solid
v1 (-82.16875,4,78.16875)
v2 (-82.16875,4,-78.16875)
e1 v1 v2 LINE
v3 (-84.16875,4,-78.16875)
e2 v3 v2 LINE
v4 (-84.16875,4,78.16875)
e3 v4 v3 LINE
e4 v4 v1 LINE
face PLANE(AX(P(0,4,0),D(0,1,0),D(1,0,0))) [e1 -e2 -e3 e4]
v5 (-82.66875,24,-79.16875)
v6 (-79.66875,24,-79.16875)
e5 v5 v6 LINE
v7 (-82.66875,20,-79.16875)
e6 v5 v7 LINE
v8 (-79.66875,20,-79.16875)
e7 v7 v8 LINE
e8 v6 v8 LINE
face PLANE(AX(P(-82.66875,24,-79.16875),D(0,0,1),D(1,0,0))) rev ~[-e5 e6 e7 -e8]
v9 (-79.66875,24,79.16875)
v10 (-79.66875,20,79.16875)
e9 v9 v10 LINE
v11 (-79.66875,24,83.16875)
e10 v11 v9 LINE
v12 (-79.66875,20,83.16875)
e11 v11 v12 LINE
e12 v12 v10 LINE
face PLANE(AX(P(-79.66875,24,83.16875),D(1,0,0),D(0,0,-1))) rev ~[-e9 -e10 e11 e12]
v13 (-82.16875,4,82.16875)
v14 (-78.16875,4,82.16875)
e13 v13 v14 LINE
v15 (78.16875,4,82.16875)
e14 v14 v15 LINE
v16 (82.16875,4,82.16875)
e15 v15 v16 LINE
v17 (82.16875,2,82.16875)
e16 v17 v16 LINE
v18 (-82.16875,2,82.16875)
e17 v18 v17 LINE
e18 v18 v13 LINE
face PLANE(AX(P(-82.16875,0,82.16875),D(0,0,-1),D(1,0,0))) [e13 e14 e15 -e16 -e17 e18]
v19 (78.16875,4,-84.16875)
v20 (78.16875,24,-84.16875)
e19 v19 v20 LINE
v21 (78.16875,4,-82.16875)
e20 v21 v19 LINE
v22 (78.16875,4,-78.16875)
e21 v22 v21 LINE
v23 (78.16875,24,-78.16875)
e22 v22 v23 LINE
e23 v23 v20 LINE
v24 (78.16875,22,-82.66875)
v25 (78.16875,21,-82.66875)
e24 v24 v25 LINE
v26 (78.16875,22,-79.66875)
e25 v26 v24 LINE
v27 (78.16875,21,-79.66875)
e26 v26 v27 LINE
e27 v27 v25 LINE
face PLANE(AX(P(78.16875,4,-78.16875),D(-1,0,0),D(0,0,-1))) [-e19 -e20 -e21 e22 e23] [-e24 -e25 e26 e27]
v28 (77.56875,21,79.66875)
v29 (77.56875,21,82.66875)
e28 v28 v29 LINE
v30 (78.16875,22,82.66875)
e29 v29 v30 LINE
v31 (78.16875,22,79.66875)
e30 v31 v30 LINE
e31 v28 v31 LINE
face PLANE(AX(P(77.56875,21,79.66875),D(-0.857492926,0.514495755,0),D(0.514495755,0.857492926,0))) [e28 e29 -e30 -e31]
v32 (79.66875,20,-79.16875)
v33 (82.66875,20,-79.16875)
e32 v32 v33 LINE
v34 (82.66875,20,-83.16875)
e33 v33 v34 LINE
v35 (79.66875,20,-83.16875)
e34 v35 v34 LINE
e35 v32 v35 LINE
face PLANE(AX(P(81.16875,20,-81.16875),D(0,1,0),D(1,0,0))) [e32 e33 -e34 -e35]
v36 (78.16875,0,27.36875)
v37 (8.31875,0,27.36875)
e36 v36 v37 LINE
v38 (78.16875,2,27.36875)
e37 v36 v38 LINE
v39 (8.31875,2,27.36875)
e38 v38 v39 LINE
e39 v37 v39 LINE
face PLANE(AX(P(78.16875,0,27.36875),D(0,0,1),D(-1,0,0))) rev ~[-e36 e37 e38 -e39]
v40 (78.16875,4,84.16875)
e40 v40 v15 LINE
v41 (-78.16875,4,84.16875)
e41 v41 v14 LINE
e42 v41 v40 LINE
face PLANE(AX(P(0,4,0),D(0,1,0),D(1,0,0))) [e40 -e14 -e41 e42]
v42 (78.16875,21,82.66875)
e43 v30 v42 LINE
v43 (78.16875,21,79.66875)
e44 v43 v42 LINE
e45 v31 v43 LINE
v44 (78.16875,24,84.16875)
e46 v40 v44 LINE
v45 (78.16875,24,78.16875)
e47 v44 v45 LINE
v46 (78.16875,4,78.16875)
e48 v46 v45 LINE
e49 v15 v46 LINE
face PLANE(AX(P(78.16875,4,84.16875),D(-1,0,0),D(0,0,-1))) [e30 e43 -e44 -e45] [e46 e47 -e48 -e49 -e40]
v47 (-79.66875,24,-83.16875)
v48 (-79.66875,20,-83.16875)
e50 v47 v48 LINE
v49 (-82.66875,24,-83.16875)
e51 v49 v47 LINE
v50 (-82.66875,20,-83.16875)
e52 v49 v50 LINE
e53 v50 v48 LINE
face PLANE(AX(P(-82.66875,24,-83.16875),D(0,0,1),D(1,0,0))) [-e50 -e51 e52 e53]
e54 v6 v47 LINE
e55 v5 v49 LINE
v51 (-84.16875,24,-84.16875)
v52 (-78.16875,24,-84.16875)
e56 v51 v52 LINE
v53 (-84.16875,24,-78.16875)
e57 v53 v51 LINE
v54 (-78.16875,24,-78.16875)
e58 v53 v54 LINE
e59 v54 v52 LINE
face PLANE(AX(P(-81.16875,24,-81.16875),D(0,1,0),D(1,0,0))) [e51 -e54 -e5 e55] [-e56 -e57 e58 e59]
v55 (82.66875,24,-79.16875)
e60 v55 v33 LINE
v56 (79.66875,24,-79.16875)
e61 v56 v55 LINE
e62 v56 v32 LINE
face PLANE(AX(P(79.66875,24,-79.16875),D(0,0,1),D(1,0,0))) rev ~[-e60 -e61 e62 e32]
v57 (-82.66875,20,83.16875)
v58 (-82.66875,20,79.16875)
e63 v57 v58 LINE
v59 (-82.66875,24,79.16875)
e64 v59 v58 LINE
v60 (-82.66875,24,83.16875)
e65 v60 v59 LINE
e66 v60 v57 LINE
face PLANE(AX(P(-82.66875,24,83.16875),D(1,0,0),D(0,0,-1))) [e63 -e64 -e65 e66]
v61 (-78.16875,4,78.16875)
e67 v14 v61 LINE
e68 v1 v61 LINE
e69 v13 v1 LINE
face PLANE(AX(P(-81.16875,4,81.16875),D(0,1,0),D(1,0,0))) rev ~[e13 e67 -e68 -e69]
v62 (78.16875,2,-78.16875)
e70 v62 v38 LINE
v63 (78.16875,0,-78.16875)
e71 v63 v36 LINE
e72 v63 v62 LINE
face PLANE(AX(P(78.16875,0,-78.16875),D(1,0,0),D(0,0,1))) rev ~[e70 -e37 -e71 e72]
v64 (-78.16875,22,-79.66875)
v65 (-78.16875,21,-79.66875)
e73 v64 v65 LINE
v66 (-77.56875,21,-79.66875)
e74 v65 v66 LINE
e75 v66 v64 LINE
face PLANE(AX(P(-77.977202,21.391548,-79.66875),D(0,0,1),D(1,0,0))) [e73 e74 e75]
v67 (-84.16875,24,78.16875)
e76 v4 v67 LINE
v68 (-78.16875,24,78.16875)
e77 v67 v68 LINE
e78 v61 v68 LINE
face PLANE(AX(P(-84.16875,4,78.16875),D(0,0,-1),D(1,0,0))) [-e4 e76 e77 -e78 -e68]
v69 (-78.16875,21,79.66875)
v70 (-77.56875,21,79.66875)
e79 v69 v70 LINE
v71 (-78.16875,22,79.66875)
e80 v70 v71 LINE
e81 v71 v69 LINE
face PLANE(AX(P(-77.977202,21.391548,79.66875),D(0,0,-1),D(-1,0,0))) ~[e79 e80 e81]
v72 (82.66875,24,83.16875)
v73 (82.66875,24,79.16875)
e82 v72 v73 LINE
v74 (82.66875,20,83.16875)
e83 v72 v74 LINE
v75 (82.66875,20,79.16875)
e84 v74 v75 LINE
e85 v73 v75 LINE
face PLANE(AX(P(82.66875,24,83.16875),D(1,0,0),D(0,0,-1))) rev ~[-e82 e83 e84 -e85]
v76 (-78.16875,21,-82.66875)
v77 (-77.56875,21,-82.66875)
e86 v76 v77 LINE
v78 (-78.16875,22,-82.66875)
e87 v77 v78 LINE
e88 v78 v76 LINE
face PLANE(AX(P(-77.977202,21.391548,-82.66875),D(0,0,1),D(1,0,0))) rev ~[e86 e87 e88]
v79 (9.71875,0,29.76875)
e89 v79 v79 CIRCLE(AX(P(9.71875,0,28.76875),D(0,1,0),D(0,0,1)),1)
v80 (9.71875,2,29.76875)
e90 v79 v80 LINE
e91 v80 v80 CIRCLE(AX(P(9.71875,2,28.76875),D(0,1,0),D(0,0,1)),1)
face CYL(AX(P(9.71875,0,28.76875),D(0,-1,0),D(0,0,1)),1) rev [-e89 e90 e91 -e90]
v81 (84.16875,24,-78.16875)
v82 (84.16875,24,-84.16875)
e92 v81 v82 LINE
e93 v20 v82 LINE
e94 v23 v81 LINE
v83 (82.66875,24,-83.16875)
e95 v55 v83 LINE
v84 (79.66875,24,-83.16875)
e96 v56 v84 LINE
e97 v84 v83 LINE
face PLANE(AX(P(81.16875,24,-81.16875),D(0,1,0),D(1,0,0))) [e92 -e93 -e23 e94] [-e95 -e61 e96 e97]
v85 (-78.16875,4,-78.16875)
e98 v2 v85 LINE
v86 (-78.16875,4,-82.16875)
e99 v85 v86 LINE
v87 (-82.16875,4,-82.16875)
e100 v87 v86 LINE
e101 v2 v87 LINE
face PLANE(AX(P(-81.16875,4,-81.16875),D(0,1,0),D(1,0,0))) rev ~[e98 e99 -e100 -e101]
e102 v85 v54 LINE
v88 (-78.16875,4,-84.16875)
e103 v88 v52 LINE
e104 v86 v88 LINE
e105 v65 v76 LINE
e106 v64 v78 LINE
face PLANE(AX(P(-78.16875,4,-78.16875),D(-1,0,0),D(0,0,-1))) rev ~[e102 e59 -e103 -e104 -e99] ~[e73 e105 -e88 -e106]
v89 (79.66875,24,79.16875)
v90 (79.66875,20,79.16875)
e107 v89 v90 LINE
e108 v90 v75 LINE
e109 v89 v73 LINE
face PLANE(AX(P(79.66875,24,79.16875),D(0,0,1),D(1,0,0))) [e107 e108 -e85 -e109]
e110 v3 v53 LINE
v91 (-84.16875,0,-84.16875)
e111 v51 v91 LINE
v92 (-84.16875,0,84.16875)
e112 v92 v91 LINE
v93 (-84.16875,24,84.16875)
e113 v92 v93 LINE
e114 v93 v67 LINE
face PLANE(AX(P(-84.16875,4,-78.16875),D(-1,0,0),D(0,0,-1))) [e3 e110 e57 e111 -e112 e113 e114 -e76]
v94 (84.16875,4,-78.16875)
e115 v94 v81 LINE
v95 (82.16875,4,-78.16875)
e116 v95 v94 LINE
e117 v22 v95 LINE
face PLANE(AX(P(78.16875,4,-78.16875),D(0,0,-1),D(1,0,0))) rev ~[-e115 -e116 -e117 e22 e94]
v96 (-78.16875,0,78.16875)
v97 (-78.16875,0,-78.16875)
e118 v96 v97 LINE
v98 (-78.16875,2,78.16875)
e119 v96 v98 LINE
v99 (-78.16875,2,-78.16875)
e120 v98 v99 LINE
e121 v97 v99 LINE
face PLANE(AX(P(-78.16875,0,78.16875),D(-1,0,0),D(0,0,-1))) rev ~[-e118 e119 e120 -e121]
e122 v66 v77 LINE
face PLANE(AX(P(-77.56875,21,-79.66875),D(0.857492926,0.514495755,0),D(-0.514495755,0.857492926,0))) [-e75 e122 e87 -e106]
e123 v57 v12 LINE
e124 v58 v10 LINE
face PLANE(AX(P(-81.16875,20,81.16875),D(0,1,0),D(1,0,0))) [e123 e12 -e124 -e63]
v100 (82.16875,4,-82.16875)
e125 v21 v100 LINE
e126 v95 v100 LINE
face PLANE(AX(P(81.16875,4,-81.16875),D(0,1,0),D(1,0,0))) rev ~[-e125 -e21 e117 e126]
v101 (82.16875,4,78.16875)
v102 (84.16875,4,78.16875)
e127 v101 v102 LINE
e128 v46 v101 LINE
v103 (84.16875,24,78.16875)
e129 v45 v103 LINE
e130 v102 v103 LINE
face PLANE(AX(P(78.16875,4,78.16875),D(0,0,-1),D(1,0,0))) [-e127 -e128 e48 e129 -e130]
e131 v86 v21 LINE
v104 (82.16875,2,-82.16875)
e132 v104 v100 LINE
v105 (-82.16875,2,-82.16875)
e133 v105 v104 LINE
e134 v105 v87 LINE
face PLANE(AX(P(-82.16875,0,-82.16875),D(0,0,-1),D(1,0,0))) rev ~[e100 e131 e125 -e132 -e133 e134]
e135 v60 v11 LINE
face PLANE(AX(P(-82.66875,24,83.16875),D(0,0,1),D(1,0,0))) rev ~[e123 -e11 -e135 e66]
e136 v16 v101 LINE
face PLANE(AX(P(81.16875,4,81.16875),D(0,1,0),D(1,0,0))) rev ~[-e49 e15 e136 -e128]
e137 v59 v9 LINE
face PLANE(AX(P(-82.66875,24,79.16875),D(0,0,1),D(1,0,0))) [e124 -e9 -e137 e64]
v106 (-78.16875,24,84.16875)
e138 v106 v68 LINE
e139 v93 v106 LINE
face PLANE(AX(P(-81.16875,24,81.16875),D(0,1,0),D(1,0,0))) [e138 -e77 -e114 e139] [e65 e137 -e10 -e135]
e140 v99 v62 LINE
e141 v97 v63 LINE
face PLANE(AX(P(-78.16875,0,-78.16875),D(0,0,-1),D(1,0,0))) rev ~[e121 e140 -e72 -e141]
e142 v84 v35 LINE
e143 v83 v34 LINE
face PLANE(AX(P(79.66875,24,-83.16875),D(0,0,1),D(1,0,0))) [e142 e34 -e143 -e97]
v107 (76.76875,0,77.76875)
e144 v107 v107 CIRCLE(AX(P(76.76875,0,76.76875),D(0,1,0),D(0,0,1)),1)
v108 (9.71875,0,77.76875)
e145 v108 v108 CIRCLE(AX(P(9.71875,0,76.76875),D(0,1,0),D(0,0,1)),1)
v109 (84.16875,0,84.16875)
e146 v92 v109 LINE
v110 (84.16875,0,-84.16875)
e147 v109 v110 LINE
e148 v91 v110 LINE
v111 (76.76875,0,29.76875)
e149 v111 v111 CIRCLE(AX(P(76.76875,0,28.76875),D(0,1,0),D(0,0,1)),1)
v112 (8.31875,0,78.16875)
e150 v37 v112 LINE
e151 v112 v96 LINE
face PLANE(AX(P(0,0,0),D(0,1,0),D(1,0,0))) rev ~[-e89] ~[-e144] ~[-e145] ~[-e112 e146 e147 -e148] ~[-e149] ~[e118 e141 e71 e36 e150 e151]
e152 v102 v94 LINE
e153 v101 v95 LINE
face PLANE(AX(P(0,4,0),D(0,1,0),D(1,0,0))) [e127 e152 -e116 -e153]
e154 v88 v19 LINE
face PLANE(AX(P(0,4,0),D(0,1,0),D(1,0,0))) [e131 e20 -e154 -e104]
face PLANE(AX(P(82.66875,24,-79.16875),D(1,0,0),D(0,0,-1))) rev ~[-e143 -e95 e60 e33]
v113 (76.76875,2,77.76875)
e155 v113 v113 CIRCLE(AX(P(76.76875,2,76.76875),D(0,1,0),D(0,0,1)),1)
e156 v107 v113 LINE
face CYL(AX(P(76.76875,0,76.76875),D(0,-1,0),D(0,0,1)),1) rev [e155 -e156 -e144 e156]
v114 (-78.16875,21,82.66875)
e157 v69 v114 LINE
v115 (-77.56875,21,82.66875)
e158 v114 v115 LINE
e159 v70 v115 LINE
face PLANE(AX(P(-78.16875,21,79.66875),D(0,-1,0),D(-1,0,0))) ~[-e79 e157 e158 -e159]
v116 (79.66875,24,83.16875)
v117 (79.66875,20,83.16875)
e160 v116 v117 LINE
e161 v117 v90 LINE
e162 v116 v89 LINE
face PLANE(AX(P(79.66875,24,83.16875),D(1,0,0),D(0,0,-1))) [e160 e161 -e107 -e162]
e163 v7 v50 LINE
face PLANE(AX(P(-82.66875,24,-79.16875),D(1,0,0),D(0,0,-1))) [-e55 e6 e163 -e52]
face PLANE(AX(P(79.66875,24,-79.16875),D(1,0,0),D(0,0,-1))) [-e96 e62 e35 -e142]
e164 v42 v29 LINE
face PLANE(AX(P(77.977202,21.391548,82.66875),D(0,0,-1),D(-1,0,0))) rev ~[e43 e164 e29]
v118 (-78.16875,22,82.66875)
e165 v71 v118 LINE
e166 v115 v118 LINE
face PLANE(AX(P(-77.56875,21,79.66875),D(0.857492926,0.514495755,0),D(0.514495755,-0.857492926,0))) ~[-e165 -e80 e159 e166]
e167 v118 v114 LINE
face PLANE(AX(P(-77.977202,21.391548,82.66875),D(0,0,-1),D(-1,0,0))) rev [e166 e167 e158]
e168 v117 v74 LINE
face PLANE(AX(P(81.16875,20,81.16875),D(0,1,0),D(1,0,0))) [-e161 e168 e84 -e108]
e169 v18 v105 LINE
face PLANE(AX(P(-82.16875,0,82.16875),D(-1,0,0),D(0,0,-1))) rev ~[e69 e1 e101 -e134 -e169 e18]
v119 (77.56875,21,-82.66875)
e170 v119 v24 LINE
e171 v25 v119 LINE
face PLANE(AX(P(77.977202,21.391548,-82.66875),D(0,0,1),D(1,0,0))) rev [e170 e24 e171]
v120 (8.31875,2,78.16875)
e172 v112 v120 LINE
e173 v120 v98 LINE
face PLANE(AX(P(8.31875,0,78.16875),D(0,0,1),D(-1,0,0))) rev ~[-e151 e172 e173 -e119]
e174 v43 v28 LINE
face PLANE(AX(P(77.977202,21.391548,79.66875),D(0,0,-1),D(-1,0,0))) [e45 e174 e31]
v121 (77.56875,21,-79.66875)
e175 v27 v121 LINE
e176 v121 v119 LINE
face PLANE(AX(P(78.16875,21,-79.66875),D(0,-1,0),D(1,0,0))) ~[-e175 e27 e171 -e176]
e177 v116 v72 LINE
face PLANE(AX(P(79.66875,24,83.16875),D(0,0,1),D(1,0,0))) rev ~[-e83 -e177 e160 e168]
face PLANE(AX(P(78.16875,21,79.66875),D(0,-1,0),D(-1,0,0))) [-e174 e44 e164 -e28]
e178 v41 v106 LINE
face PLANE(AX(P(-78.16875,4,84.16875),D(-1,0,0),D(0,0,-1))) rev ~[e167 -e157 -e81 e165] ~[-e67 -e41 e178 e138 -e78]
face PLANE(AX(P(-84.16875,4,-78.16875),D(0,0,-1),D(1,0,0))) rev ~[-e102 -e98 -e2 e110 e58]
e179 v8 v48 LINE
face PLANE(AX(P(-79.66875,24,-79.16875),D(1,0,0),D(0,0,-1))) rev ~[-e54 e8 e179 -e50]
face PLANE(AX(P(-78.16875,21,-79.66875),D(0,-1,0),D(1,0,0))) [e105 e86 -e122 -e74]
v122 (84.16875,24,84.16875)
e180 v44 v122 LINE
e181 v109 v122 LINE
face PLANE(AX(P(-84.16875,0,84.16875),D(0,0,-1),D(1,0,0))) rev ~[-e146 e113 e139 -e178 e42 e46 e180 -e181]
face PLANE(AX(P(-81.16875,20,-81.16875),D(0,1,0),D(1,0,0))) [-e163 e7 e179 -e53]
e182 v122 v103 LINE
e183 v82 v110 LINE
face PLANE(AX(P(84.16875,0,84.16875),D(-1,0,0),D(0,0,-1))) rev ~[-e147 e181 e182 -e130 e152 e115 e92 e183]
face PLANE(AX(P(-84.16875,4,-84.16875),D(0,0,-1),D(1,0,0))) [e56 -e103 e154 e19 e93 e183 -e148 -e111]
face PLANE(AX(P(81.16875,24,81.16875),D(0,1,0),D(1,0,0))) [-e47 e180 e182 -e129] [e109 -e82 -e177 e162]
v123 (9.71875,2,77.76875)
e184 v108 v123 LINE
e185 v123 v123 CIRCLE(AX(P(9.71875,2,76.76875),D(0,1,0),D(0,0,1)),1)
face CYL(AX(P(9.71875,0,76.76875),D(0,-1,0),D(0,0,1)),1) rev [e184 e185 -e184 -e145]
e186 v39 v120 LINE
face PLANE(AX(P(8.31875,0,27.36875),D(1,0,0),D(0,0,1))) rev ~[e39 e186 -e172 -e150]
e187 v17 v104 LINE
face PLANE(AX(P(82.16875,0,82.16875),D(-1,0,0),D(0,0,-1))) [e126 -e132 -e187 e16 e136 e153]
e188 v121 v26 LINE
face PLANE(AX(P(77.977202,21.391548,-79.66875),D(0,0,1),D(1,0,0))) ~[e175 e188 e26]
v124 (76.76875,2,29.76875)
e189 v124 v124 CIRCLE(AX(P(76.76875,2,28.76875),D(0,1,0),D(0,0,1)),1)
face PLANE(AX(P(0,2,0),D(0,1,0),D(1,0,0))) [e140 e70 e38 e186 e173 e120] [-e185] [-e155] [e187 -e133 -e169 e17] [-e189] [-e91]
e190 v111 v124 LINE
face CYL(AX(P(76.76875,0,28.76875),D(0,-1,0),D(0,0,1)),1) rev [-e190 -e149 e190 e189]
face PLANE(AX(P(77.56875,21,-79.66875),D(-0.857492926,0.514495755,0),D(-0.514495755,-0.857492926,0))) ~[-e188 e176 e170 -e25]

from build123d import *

# Parameters (mm, degrees)
SKETCH1_W            = 164.3375
SKETCH1_H            = 164.3375
SKETCH1_R            = 1
BOSS_EXTRUDE1_DEPTH  = 2
SKETCH1_3_W          = 168.3375
SKETCH1_3_H          = 168.3375
SKETCH1_3_W_2        = 164.3375
SKETCH1_3_H_2        = 164.3375
BOSS_EXTRUDE2_DEPTH  = 4
SKETCH2_W            = 6
SKETCH2_H            = 6
BOSS_EXTRUDE3_DEPTH  = 20
SKETCH3_W            = 3
SKETCH3_H            = 4
CUT_EXTRUDE1_DEPTH   = 4
BOSS_EXTRUDE4_START  = -1.5
BOSS_EXTRUDE4_DEPTH  = 3
MIRROR2_START        = -1.5
MIRROR2_COPY_1_DEPTH = 3
MIRROR2_COPY_2_DEPTH = 3


with BuildPart() as part:
    # Sketch1 → Boss-Extrude1 (new body)
    with BuildSketch(Plane(origin=(0, 0, 0), x_dir=(1, 0, 0), z_dir=(0, 1, 0))):
        Rectangle(SKETCH1_W, SKETCH1_H)
        Polygon((8.31875, -27.36875), (8.31875, -78.16875), (-78.16875, -78.16875), (-78.16875, 78.16875), (78.16875, 78.16875), (78.16875, -27.36875), (9.71875, -27.36875), align=None, mode=Mode.SUBTRACT)
        with Locations((9.71875, -76.76875)):
            Circle(SKETCH1_R, mode=Mode.SUBTRACT)
        with Locations((76.76875, -76.76875)):
            Circle(SKETCH1_R, mode=Mode.SUBTRACT)
        with Locations((9.71875, -28.76875)):
            Circle(SKETCH1_R, mode=Mode.SUBTRACT)
        with Locations((76.76875, -28.76875)):
            Circle(SKETCH1_R, mode=Mode.SUBTRACT)
    extrude(amount=BOSS_EXTRUDE1_DEPTH)

    # Sketch1<3> → Boss-Extrude2 (add)
    with BuildSketch(Plane(origin=(0, 0, 0), x_dir=(1, 0, 0), z_dir=(0, 1, 0))):
        Rectangle(SKETCH1_3_W, SKETCH1_3_H)
        Rectangle(SKETCH1_3_W_2, SKETCH1_3_H_2, mode=Mode.SUBTRACT)
    extrude(amount=BOSS_EXTRUDE2_DEPTH)

    # Sketch2 → Boss-Extrude3 (add)
    with BuildSketch(Plane(origin=(0, 4, 0), x_dir=(1, 0, 0), z_dir=(0, 1, 0))):
        with Locations((-81.16875, 81.16875)):
            Rectangle(SKETCH2_W, SKETCH2_H)
        with Locations((81.16875, 81.16875)):
            Rectangle(SKETCH2_W, SKETCH2_H)
        with Locations((81.16875, -81.16875)):
            Rectangle(SKETCH2_W, SKETCH2_H)
        with Locations((-81.16875, -81.16875)):
            Rectangle(SKETCH2_W, SKETCH2_H)
    extrude(amount=BOSS_EXTRUDE3_DEPTH)

    # Sketch3 → Cut-Extrude1 (cut)
    with BuildSketch(Plane(origin=(0, 24, 0), x_dir=(1, 0, 0), z_dir=(0, 1, 0))):
        with Locations((81.16875, -81.16875)):
            Rectangle(SKETCH3_W, SKETCH3_H)
        with Locations((81.16875, 81.16875)):
            Rectangle(SKETCH3_W, SKETCH3_H)
        with Locations((-81.16875, 81.16875)):
            Rectangle(SKETCH3_W, SKETCH3_H)
        with Locations((-81.16875, -81.16875)):
            Rectangle(SKETCH3_W, SKETCH3_H)
    extrude(amount=-CUT_EXTRUDE1_DEPTH, mode=Mode.SUBTRACT)

    # Sketch4 → Boss-Extrude4 (add)
    with BuildSketch(Plane(origin=(0, 0, 78.16875), x_dir=(-1, 0, 0), z_dir=(0, 0, -1)).offset(BOSS_EXTRUDE4_START)):
        Polygon((-77.56875, 21), (-78.16875, 22), (-78.16875, 21), align=None)
    boss_extrude4 = extrude(amount=-BOSS_EXTRUDE4_DEPTH)

    # Mirror1: Boss-Extrude4 across plane
    add(boss_extrude4.mirror(Plane(origin=(0, 0, 0), x_dir=(0, 0, 1), z_dir=(1, 0, 0))))

    # Mirror2 copy 1 sketch → Mirror2 copy 1 (add)
    with BuildSketch(Plane.XY.offset(-78.16875).offset(MIRROR2_START)):
        Polygon((-77.56875, 21), (-78.16875, 22), (-78.16875, 21), align=None)
    extrude(amount=-MIRROR2_COPY_1_DEPTH)

    # Mirror2 copy 2 sketch → Mirror2 copy 2 (add)
    with BuildSketch(Plane(origin=(0, 0, -78.16875), x_dir=(-1, 0, 0), z_dir=(0, 0, 1)).offset(MIRROR2_START)):
        Polygon((-77.56875, -21), (-78.16875, -22), (-78.16875, -21), align=None)
    extrude(amount=-MIRROR2_COPY_2_DEPTH)


solid = part.part
